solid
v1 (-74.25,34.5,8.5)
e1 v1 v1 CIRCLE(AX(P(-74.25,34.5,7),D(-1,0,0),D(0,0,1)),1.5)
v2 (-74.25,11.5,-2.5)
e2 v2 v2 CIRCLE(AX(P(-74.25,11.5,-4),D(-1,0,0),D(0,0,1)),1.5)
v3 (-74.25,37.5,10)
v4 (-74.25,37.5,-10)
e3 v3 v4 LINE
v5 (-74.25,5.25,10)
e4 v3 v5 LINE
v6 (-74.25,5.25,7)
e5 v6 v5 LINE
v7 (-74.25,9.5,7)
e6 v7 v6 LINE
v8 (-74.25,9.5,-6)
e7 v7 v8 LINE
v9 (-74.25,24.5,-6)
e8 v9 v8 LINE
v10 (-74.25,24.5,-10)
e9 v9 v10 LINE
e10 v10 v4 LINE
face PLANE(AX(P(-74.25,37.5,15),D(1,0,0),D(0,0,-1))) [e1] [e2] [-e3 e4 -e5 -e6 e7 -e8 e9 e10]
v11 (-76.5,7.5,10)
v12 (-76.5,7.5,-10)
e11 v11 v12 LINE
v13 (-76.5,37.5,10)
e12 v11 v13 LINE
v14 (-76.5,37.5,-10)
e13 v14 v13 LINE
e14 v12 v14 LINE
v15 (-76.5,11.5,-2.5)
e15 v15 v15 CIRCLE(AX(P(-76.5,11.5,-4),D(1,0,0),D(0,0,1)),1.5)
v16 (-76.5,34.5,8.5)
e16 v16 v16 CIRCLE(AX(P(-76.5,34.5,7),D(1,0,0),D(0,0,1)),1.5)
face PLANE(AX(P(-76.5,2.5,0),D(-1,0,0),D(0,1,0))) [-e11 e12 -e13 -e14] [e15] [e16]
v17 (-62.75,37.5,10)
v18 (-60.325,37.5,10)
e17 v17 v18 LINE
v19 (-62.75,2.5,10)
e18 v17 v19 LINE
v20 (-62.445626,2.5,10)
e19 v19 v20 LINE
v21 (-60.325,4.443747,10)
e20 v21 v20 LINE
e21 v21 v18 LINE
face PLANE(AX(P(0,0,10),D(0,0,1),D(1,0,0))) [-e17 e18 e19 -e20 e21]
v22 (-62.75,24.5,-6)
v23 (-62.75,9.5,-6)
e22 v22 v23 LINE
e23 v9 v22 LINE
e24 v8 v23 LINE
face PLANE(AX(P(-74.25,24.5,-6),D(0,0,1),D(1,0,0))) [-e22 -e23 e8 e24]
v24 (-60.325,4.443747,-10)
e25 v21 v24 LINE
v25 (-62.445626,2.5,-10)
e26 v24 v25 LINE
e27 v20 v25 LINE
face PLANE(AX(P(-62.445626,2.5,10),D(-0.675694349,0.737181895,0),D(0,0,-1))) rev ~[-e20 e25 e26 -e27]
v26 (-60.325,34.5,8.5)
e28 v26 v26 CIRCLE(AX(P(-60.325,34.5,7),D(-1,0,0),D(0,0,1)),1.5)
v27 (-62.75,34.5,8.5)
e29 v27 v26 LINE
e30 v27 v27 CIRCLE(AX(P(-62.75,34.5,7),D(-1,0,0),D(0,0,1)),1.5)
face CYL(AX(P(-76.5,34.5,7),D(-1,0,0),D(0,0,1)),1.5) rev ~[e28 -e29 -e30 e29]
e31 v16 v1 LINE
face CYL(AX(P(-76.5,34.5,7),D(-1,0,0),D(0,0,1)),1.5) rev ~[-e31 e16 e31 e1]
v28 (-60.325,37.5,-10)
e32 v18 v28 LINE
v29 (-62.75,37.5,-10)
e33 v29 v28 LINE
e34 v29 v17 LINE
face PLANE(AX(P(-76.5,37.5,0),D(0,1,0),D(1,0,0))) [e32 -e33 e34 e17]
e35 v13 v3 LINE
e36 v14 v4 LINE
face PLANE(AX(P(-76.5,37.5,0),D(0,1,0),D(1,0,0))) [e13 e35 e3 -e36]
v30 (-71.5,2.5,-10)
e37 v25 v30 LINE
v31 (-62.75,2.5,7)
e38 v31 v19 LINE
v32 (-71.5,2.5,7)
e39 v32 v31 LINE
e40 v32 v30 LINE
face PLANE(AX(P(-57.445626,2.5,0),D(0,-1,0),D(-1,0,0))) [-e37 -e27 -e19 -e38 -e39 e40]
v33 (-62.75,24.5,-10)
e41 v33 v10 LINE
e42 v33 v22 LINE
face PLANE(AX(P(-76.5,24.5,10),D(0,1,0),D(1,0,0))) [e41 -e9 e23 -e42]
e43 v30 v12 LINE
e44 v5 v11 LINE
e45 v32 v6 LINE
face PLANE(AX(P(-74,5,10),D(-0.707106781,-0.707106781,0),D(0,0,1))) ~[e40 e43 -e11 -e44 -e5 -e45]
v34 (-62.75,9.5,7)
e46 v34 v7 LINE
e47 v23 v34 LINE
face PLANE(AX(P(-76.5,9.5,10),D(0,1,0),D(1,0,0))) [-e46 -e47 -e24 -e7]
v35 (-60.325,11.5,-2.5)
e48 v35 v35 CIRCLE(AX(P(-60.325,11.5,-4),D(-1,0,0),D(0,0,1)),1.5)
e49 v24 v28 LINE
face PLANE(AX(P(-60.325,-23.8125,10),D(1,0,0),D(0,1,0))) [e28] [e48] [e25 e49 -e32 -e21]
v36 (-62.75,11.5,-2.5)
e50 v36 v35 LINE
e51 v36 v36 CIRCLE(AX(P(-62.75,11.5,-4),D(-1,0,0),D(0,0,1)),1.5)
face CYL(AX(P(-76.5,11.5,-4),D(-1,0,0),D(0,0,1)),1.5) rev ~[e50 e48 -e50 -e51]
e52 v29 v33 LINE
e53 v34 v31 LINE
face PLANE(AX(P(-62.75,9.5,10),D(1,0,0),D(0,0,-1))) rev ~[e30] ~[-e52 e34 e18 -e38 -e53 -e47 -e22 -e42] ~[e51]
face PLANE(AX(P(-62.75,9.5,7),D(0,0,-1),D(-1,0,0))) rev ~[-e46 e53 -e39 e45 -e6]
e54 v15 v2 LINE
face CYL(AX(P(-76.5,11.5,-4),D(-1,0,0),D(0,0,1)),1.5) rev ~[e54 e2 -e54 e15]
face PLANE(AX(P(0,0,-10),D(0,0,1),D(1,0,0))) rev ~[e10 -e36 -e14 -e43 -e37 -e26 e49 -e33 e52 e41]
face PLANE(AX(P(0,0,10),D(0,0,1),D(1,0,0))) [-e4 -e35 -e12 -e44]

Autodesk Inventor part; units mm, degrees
ref_plane "YZ Plane" through (0, 0, 0) normal (1, 0, 0) x (0, 1, 0)
ref_plane "XZ Plane" through (0, 0, 0) normal (0, 1, 0) x (-1, 0, 0)
ref_plane "XY Plane" through (0, 0, 0) normal (0, 0, 1) x (1, 0, 0)
sketch "Sketch1" plane through (0, 0, 0) normal (0, 0, 1) x (1, 0, 0)
  circle A0 centre (0, 0) radius 57.5
  line L0 (0, 0) -> (0, 22.225)
  circle A1 centre (0, 0) radius 60.5
  line L1 (60.5, 0) -> (60.5, 20)
  line L2 (60.5, 0) -> (80.5, 0) construction
  line L3 (-60.5, 0) -> (-60.5, 20)
  line L4 (-60.5, 0) -> (-40.5, 0) construction
  line L5 (-76.5, 37.5) -> (-44.5, 37.5)
  line L6 (-44.5, 37.5) -> (-44.5, 2.5)
  line L7 (-44.5, 2.5) -> (-76.5, 2.5)
  line L8 (-76.5, 2.5) -> (-76.5, 37.5)
  line L9 (-76.5, 37.5) -> (-44.5, 2.5) construction
  line L10 (-44.5, 37.5) -> (-76.5, 2.5) construction
  line L11 (44.5, 37.5) -> (76.5, 37.5)
  line L12 (76.5, 37.5) -> (76.5, 2.5)
  line L13 (76.5, 2.5) -> (44.5, 2.5)
  line L14 (44.5, 2.5) -> (44.5, 37.5)
  line L15 (44.5, 37.5) -> (76.5, 2.5) construction
  line L16 (76.5, 37.5) -> (44.5, 2.5) construction
  point P0 (-57.4456, 2.5)
  point P1 (57.4456, 2.5)
  point P2 (47.4763, 37.5)
  point P3 (-47.4763, 37.5)
  dimension "d0" = 115
  dimension "d27" = 121
  dimension "d28" = 20
  dimension "d29" = 90
  dimension "d30" = 20
  dimension "d31" = 90
  dimension "d32" = 32
  dimension "d33" = 35
  dimension "d34" = 32
  dimension "d35" = 35
extrude "Extrusion1" add sketch "Sketch1" along normal mid plane 20 contours A0 L14 L11 A1 L13 | L7 A1 L5 L6 A0 | A0 L6 L5 A1 L11 L14 | A1 L11 L12 L13 | L7 L8 L5 A1
sketch "Sketch5" plane through (-76.5, 37.5, 10) normal (0, 1, 0) x (1, 0, 0)
  line L0 (0, 0) -> (0, 20) projected
  line L1 (0, 10) -> (3, 10)
  line L2 (3, 10) -> (8, 10)
  line L3 (13.75, -5) -> (2.25, -5)
  line L4 (2.25, -5) -> (2.25, 25)
  line L5 (2.25, 25) -> (13.75, 25)
  line L6 (13.75, 25) -> (13.75, -5)
  line L7 (13.75, -5) -> (2.25, 25) construction
  line L8 (2.25, -5) -> (13.75, 25) construction
  point P0 (76.5, 10)
  dimension "d36" = 3
  dimension "d37" = 5
  dimension "d38" = 11.5
  dimension "d39" = 30
extrude "Extrusion5" cut sketch "Sketch5" against normal blind 13
sketch "Sketch6" plane through (-76.5, 24.5, 10) normal (0, 1, 0) x (1, 0, 0)
  line L0 (13.75, 0) -> (2.25, 0) projected
  line L1 (13.75, 20) -> (13.75, 0) projected
  line L2 (2.25, 20) -> (13.75, 20) projected
  line L3 (2.25, 0) -> (2.25, 20) projected
  line L4 (8, 0) -> (8, 8)
  line L5 (13.75, 0) -> (2.25, 0)
  line L6 (2.25, 0) -> (2.25, 16)
  line L7 (2.25, 16) -> (13.75, 16)
  line L8 (13.75, 16) -> (13.75, 0)
  line L9 (13.75, 0) -> (2.25, 16) construction
  line L10 (2.25, 0) -> (13.75, 16) construction
  point P0 (76.5, 10)
  point P1 (13.75, 16)
  point P2 (2.25, 16)
  dimension "d42" = 8
  dimension "d43" = 11.5
  dimension "d44" = 16
extrude "Extrusion6" cut sketch "Sketch6" against normal blind 15 contours L0 L3 L7 L1
sketch "Sketch7" plane through (-76.5, 2.5, 10) normal (-1, 0, 0) x (0, 0, 1)
  line L0 (0, 35) -> (0, 0) projected
  line L1 (-16, 7) -> (0, 7) projected
  line L2 (0, 35) -> (-16, 35)
  line L3 (-16, 35) -> (-16, 7)
  line L4 (-16, 7) -> (0, 7)
  line L5 (0, 7) -> (0, 35)
  line L6 (-16, 7) -> (-14, 7)
  line L7 (-14, 7) -> (-14, 9)
  line L8 (0, 35) -> (-3, 35)
  line L9 (0, 35) -> (-20, 35) projected
  line L10 (0, 35) -> (3, 35) construction
  line L11 (-3, 35) -> (-3, 32)
  circle A0 centre (-3, 32) radius 1.5
  circle A1 centre (-14, 9) radius 1.5
  point P0 (-10, -2.5)
  dimension "d47" = 16
  dimension "d48" = 28
  dimension "d49" = 2
  dimension "d50" = 2
  dimension "d51" = 90
  dimension "d52" = 3
  dimension "d53" = 180
  dimension "d54" = 3
  dimension "d55" = 3
  dimension "d56" = 3
extrude "Extrusion7" cut sketch "Sketch7" against normal blind 20 contours A0 | A1
mirror "Mirror2" about plane through (0, 0, 0) normal (1, 0, 0) of "Extrusion5", "Extrusion6", "Extrusion7"
chamfer "Chamfer1" distance 5 angle 45 2 edges at (-76.5, 2.5, 0) (76.5, 2.5, 0)
fillet "Fillet1" radius 7 2 edges at (-47.4763, 37.5, 0) (47.4763, 37.5, 0)
chamfer "Chamfer2" distance 5 angle 45 2 edges at (-57.4456, 2.5, 0) (57.4456, 2.5, 0)
sketch "Sketch8" plane through (-76.5, 9.5, 10) normal (0, 1, 0) x (1, 0, 0)
  line L0 (13.75, 0) -> (2.25, 0) projected
  line L1 (8, 0) -> (8, 3)
  line L2 (13.75, 6) -> (2.25, 6)
  line L3 (2.25, 6) -> (2.25, 0)
  line L4 (2.25, 0) -> (13.75, 0)
  line L5 (13.75, 0) -> (13.75, 6)
  line L6 (13.75, 6) -> (2.25, 0) construction
  line L7 (2.25, 6) -> (13.75, 0) construction
  line L8 (13.75, 3) -> (2.25, 3)
  point P0 (76.5, 10)
  point P1 (13.75, 0)
  dimension "d66" = 3
  dimension "d67" = 11.5
  dimension "d68" = 6
extrude "Extrusion8" cut sketch "Sketch8" against normal blind 20 contours L0 L1 L8 L5 | L0 L3 L8 L1
mirror "Mirror3" about plane through (0, 0, 0) normal (1, 0, 0) of "Extrusion8"
sketch "Sketch9" plane through (0, 0, 10) normal (0, 0, 1) x (1, 0, 0)
  line L0 (-60.325, 74.6125) -> (82.55, 74.6125)
  line L1 (82.55, 74.6125) -> (82.55, -23.8125)
  line L2 (82.55, -23.8125) -> (-60.325, -23.8125)
  line L3 (-60.325, -23.8125) -> (-60.325, 74.6125)
  point P0 (0, 0)
extrude "Extrusion9" cut sketch "Sketch9" against normal blind 30
properties part number "IMPRIMIR SOPORTE"
